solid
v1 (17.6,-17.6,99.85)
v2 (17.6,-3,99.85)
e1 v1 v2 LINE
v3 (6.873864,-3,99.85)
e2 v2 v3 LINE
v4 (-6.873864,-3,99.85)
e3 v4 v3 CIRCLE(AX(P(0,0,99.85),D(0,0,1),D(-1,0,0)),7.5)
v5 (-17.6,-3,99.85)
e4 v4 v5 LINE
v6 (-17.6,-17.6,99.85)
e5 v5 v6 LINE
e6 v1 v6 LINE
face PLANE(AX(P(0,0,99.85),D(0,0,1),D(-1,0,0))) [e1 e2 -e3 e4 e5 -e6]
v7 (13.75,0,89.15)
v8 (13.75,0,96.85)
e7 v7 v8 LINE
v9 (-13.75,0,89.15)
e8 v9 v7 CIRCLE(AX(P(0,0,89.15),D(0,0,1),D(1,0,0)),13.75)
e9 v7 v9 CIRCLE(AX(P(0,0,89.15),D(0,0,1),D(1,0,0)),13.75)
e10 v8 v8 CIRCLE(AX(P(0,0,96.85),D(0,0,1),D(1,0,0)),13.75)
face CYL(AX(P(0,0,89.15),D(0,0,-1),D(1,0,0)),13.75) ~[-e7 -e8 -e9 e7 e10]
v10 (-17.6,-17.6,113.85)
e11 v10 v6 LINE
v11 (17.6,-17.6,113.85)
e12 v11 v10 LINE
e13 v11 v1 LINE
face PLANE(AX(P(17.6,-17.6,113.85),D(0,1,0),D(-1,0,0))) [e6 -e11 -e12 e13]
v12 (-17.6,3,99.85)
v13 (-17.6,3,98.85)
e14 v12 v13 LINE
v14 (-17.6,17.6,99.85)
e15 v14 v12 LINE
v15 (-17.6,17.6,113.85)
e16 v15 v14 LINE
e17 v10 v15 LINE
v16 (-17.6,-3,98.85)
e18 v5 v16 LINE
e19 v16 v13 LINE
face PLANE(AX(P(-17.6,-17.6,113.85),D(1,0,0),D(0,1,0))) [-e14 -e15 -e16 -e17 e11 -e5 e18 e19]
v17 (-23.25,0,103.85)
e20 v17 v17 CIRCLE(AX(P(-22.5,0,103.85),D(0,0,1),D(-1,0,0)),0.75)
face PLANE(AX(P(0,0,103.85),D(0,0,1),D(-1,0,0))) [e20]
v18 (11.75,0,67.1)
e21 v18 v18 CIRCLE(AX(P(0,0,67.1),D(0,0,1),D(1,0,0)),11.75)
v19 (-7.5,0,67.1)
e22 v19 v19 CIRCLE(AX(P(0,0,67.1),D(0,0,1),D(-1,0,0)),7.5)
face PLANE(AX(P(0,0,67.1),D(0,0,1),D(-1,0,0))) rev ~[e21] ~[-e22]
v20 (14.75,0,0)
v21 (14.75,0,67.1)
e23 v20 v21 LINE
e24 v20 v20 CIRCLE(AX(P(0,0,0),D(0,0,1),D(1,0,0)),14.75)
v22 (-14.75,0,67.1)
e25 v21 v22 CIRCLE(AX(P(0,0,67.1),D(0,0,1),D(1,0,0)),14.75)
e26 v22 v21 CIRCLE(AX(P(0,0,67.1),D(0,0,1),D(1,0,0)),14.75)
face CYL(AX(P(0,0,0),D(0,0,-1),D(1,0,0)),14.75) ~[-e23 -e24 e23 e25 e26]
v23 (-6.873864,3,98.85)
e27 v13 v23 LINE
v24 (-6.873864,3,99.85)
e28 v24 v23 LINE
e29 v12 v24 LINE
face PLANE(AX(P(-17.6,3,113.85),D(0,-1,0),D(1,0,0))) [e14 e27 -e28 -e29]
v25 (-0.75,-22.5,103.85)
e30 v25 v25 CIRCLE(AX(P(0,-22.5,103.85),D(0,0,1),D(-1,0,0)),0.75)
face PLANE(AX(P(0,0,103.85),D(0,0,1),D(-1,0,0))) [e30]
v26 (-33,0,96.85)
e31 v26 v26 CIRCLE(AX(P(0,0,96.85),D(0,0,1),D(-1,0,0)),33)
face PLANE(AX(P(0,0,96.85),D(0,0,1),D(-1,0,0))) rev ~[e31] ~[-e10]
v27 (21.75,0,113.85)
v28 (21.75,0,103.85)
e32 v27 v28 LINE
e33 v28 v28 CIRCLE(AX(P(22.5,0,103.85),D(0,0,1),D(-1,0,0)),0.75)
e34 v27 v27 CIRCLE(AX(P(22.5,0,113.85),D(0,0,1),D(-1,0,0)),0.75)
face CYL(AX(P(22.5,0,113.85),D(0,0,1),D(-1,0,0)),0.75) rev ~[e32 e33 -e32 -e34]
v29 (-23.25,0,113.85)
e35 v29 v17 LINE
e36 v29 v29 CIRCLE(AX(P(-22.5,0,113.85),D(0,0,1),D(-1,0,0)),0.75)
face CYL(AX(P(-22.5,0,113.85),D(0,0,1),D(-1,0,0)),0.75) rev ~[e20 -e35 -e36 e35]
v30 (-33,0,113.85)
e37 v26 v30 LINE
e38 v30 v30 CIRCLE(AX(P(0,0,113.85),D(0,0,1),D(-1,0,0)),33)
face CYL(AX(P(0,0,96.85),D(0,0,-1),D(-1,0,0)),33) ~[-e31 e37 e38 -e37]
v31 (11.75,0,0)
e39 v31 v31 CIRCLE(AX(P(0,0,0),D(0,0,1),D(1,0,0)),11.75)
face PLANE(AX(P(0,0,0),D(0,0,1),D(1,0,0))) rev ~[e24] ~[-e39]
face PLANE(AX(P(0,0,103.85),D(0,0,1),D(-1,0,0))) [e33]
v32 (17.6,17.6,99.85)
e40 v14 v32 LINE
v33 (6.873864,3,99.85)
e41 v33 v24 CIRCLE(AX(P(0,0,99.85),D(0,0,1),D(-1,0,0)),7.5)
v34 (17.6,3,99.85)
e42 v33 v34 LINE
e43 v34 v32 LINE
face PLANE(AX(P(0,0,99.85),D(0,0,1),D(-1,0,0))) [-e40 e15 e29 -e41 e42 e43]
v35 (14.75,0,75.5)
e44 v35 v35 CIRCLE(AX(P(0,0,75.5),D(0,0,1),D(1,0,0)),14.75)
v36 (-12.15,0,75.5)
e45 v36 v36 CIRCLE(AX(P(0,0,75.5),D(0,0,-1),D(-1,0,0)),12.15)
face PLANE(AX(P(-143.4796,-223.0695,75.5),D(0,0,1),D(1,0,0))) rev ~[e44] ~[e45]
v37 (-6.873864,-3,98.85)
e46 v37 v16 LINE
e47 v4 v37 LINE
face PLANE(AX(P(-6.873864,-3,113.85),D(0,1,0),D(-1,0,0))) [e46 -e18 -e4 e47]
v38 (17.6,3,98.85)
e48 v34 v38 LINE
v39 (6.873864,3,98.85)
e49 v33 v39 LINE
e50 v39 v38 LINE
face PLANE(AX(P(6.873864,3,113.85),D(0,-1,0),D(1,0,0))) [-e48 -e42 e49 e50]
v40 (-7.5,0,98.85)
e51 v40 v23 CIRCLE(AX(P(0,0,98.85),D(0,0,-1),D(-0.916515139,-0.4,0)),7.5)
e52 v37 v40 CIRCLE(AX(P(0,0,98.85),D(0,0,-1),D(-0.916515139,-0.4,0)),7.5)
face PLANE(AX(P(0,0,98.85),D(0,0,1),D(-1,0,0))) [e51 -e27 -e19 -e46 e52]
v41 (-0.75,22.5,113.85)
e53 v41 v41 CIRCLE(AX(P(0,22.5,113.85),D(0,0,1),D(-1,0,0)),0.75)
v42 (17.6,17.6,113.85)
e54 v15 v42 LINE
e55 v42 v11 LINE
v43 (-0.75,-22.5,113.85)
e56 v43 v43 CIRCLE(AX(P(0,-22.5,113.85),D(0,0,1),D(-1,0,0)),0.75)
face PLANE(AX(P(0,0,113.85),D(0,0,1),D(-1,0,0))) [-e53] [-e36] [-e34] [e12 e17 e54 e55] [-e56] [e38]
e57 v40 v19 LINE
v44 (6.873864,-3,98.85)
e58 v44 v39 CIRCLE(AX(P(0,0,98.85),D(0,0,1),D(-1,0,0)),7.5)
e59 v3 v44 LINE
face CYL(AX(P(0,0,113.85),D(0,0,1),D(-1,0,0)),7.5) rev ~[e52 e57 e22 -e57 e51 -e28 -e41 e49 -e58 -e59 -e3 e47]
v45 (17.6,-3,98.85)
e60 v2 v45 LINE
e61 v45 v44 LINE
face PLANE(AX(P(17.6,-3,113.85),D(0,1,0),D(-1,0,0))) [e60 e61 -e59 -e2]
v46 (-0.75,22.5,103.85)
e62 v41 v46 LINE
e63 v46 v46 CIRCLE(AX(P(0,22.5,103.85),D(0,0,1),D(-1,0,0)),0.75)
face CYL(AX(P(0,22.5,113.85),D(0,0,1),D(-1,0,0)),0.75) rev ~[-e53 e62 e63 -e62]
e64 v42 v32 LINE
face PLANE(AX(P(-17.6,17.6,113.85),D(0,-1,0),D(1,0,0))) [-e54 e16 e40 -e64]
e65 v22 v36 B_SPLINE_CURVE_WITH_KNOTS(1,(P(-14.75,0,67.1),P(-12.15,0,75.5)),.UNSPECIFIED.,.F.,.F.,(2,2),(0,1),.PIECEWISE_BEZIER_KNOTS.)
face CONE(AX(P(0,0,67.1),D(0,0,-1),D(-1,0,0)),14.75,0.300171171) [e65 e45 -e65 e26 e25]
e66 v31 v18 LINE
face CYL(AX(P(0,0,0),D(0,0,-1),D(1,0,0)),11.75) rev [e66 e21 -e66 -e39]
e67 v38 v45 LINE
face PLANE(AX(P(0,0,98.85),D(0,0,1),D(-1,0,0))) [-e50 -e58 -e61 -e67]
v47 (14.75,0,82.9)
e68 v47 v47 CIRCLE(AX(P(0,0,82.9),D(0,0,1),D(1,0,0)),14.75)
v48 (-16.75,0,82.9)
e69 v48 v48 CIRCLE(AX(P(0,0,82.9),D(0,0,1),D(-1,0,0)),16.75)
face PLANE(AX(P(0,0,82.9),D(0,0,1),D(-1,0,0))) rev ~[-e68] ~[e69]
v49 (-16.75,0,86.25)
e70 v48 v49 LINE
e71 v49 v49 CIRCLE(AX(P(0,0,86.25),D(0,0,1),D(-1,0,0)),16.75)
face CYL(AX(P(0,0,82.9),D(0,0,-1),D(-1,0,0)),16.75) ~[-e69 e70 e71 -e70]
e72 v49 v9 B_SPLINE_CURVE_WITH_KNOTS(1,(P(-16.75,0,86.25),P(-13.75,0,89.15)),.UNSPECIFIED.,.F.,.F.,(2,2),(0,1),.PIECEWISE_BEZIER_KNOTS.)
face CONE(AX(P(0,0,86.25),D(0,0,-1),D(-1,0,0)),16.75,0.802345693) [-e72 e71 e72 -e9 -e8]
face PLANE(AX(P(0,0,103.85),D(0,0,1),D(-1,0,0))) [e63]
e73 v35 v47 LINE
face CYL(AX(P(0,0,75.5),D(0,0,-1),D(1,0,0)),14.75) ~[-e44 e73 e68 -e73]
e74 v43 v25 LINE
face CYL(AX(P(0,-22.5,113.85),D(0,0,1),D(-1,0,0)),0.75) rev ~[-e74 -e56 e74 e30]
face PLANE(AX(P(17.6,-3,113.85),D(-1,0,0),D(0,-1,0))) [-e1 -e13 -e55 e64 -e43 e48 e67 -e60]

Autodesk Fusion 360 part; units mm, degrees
sketch "Sketch1" plane through (0, 0, 0) normal (0, 0, 1) x (1, 0, 0) in component "Arm Cam"
  circle A0 centre (0, 0) radius 14.75
  circle A1 centre (0, 0) radius 11.75
  dimension "d322" = 29.5
  dimension "d323" = -3
  dimension "d395" = 23.5
extrude "Extrude1" add sketch "Sketch1" along normal blind 67.1 makes body 1 in component "Arm Cam"
sketch "Sketch5" plane through (0, 0, 67.1) normal (0, 0, 1) x (-1, 0, 0) in component "Arm Cam"
  circle A0 centre (0, 0) radius 11.75
  circle A1 centre (0, 0) radius 14.75
  circle A2 centre (0, 0) radius 14.75
ref_plane "WorkPlane2" through (0, 0, 75.5) normal (0, 0, 1) x (1, 0, 0) in component "Arm Cam"
sketch "Sketch4" plane through (-143.4796, -223.0695, 75.5) normal (0, 0, 1) x (1, 0, 0) in component "Arm Cam"
  circle A0 centre (143.4796, 223.0695) radius 14.75
  circle A1 centre (143.4796, 223.0695) radius 12.15
  point P0 (143.4796, 223.0695)
  dimension "d330" = 29.5
  dimension "d334" = 24.3
loft "Loft2" add profiles "Sketch5", "Sketch4" section 1 section 2 contours A1 bodies 1 in component "Arm Cam"
extrude "Extrude4" add sketch "Sketch4" along normal blind 7.4 contours A0 | A1 bodies 1 in component "Arm Cam"
sketch "Sketch7" plane through (0, 0, 82.9) normal (0, 0, 1) x (-1, 0, 0) in component "Arm Cam"
  circle A0 centre (0, 0) radius 14.75
  circle A1 centre (0, 0) radius 16.75
  dimension "d339" = 33.5
extrude "Extrude5" add sketch "Sketch7" along normal blind 3.35 contours A0 | A1 bodies 1 in component "Arm Cam"
ref_plane "WorkPlane3" through (0, 0, 89.15) normal (0, 0, 1) x (-1, 0, 0) in component "Arm Cam"
sketch "Sketch8" plane through (-143.4796, -223.0695, 89.15) normal (0, 0, 1) x (1, 0, 0) in component "Arm Cam"
  circle A0 centre (143.4796, 223.0695) radius 13.75
  point P0 (143.4796, 223.0695)
  dimension "d341" = 27.5
extrude "Extrude6" add sketch "Sketch8" along normal blind 7.7 separate body makes body 2 in component "Arm Cam"
loft "Loft3" add section 1 face at (-0.9963, -4.3652, 86.25) section 2 face at (-1.0199, 5.8346, 89.15) on bodies 1 2 bodies 1 2 in component "Arm Cam"
sketch "Sketch9" plane through (0, 0, 96.85) normal (0, 0, 1) x (-1, 0, 0) in component "Arm Cam"
  circle A0 centre (0, 0) radius 13.75
  circle A1 centre (0, 0) radius 33
  dimension "d344" = 66
  dimension "d351" = 27.5
extrude "Extrude7" add sketch "Sketch9" along normal blind 17 contours A0 | A1 bodies 1 in component "Arm Cam"
sketch "Sketch10" plane through (0, 0, 113.85) normal (0, 0, 1) x (-1, 0, 0) in component "Arm Cam"
  circle A0 centre (0, 0) radius 33
  line L0 (-17.6, 17.6) -> (17.6, 17.6)
  line L1 (17.6, 17.6) -> (17.6, -17.6)
  line L2 (17.6, -17.6) -> (-17.6, -17.6)
  line L3 (-17.6, -17.6) -> (-17.6, 17.6)
  line L4 (-17.6, 17.6) -> (17.6, -17.6) construction
  line L5 (17.6, 17.6) -> (-17.6, -17.6) construction
  circle A1 centre (0, 0) radius 7.5
  line L6 (-17.6, 3) -> (17.6, 3)
  line L7 (17.6, 3) -> (17.6, -3)
  line L8 (17.6, -3) -> (-17.6, -3)
  line L9 (-17.6, -3) -> (-17.6, 3)
  line L10 (-17.6, 3) -> (17.6, -3) construction
  line L11 (17.6, 3) -> (-17.6, -3) construction
  line L12 (-22.5, 22.5) -> (22.5, 22.5) construction
  line L13 (22.5, 22.5) -> (22.5, -22.5) construction
  line L14 (22.5, -22.5) -> (-22.5, -22.5) construction
  line L15 (-22.5, -22.5) -> (-22.5, 22.5) construction
  line L16 (-22.5, 22.5) -> (22.5, -22.5) construction
  line L17 (22.5, 22.5) -> (-22.5, -22.5) construction
  circle A2 centre (22.5, 0) radius 0.75
  circle A3 centre (0, -22.5) radius 0.75
  circle A4 centre (-22.5, 0) radius 0.75
  circle A5 centre (0, 22.5) radius 0.75
  dimension "d347" = 35.2
  dimension "d348" = 35.2
  dimension "d352" = 15
  dimension "d354" = 6
  dimension "d357" = 45
  dimension "d358" = 45
  dimension "d359" = 1.5
  dimension "d360" = 1.5
  dimension "d361" = 1.5
  dimension "d362" = 1.5
extrude "Extrude8" cut sketch "Sketch10" against normal blind 14 contours L0 L1 L3 A1 L6 | L3 A1 L6 L8 L9 | L1 A1 L6 L7 L8 | L1 L2 L3 A1 L8 | A1 L6 L8 | A1 L6 | A1 L8 bodies 1 in component "Arm Cam"
extrude "Extrude9" cut sketch "Sketch10" against normal through all contours A1 L6 L8 | A1 L6 | A1 L8 bodies 1 1 in component "Arm Cam"
extrude "Extrude10" cut sketch "Sketch10" against normal blind 15 contours L3 A1 L6 L8 L9 | L1 A1 L6 L7 L8 bodies 1 in component "Arm Cam"
extrude "Extrude11" cut sketch "Sketch10" against normal blind 10 contours A2 | A3 | A4 | A5 bodies 1 in component "Arm Cam"
component "Arm Cam" placed x (1, 0, 0) y (0, 1, 0) z (0, 0, 1) at (0, 0, 0)
equation "Trous_Vis_diam2 = 2.2 mm"
